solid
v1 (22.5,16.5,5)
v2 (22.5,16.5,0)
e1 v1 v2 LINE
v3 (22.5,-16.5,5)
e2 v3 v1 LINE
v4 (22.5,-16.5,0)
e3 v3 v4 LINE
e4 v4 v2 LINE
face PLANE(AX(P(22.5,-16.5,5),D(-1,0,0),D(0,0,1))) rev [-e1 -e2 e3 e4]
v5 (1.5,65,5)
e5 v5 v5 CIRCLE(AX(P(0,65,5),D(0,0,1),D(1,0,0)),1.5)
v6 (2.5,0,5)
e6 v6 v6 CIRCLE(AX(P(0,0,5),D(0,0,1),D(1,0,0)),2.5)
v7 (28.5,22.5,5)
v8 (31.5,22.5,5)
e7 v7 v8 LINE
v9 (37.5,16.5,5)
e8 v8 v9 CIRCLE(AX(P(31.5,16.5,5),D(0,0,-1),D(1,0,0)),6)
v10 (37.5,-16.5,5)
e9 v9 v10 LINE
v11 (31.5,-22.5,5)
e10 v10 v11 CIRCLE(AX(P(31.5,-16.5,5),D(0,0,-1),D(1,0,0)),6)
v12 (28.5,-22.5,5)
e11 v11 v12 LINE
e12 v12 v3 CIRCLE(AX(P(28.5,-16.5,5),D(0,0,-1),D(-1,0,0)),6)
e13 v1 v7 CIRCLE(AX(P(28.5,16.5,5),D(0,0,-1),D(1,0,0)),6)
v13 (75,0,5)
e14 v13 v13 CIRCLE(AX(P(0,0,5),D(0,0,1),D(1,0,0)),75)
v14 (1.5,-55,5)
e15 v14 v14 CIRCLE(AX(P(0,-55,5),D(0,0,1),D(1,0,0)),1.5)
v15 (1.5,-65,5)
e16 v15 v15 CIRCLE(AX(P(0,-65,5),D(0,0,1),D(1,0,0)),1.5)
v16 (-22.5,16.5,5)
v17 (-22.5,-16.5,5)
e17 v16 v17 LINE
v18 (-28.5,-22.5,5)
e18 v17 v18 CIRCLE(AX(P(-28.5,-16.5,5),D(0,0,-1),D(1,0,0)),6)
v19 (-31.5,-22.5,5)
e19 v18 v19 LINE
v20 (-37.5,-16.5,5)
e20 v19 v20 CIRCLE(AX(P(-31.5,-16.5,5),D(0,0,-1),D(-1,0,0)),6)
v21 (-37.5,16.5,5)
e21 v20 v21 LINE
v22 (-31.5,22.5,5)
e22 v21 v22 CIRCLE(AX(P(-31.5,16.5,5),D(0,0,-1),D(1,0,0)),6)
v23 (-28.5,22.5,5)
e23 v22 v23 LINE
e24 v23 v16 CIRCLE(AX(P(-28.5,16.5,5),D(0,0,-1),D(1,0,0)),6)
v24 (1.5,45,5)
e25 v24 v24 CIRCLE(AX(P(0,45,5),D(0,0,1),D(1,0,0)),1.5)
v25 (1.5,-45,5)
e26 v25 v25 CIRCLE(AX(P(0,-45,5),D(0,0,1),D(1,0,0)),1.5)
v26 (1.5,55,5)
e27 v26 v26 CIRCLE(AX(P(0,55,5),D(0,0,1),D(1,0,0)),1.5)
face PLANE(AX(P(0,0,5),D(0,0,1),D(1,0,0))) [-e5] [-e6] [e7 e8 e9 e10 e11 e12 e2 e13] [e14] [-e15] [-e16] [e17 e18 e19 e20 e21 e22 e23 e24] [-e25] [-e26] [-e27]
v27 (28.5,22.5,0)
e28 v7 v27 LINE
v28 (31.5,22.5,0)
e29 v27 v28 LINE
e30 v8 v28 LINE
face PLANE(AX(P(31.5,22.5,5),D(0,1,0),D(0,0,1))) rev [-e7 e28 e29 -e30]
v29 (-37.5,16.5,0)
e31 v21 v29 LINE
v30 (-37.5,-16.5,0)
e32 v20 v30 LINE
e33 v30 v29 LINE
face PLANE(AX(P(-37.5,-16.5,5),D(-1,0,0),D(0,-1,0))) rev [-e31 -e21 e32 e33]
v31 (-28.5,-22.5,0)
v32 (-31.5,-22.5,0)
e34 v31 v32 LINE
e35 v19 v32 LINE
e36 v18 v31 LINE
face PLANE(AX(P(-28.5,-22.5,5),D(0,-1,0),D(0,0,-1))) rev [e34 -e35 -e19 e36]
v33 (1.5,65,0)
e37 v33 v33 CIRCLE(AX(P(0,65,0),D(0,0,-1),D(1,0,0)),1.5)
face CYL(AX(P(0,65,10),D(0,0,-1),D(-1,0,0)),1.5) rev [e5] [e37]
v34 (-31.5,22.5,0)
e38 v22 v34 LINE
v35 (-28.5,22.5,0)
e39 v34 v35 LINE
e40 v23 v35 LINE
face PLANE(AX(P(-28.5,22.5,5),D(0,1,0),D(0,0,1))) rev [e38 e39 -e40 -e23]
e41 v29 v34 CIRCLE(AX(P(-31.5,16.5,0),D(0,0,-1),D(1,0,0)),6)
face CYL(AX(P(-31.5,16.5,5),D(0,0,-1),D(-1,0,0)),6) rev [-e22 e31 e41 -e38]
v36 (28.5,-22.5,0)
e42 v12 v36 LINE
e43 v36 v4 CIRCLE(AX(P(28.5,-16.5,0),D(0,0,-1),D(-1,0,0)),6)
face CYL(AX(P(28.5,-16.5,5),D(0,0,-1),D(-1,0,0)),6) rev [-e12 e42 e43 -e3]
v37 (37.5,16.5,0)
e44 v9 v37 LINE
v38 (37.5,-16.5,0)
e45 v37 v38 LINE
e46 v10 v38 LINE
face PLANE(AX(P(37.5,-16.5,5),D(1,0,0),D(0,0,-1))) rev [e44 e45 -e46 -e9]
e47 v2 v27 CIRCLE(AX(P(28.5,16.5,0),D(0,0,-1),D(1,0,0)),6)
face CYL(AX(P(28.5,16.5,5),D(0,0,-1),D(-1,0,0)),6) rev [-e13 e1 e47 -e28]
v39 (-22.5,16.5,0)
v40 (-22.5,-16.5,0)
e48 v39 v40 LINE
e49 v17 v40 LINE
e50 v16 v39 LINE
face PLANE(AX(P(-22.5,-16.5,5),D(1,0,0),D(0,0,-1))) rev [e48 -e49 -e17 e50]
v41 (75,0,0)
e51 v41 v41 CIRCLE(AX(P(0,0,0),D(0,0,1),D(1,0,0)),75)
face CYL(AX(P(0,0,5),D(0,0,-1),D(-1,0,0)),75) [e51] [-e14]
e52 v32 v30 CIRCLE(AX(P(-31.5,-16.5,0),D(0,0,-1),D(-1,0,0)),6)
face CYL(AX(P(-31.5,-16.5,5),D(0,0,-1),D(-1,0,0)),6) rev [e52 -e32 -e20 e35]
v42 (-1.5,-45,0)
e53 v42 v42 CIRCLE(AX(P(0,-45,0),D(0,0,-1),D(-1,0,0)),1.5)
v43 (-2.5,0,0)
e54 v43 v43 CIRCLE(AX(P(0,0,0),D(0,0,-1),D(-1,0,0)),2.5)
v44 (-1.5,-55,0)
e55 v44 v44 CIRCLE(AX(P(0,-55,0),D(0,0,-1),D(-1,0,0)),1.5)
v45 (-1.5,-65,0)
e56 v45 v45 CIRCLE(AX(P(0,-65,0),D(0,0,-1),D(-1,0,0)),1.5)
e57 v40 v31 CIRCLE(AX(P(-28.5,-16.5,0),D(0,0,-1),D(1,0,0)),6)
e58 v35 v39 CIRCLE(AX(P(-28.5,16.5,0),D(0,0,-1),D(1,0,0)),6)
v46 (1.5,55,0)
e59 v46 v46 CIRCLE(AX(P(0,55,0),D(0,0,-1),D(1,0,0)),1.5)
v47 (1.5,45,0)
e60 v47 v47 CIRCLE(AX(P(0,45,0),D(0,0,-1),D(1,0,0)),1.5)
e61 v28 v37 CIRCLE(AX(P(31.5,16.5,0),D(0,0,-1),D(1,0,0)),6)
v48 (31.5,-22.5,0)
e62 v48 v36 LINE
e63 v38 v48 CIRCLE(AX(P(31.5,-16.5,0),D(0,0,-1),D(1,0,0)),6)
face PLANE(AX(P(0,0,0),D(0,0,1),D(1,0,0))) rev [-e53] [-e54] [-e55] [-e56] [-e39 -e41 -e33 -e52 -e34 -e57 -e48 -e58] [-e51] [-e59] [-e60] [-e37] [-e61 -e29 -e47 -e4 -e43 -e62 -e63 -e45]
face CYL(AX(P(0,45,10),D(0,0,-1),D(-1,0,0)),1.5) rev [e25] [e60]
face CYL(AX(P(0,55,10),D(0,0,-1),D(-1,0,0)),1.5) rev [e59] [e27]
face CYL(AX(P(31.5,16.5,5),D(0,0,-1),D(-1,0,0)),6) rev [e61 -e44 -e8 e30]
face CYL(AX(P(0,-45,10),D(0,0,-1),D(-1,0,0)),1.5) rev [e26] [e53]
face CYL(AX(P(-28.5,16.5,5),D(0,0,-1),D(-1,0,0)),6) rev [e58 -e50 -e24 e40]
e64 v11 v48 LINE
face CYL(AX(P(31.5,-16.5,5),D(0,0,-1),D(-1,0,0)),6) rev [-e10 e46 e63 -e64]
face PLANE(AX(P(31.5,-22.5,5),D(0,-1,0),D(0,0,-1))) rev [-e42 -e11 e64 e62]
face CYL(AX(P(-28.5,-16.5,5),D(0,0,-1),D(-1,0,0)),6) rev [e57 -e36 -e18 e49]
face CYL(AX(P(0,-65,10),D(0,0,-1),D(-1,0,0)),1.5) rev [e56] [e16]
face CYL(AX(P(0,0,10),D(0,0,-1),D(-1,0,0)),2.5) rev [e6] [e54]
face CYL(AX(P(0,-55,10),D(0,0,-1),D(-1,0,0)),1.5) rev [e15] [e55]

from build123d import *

# Parameters (mm, degrees)
ESBO_O1_R                = 75
RESSALTO_EXTRUS_O1_DEPTH = 5
ESBO_O2_R                = 2.5
CORTE_EXTRUS_O1_DEPTH    = 10
ESBO_O3_R                = 1.5
CORTE_EXTRUS_O2_DEPTH    = 10
CORTE_EXTRUS_O3_DEPTH    = 6


with BuildPart() as part:
    # Esboço1 → Ressalto-extrusão1 (new body)
    with BuildSketch(Plane.XY):
        Circle(ESBO_O1_R)
    extrude(amount=RESSALTO_EXTRUS_O1_DEPTH)

    # Esboço2 → Corte-extrusão1 (cut)
    with BuildSketch(Plane(origin=(0, 0, 0), x_dir=(-1, 0, 0), z_dir=(0, 0, -1))):
        Circle(ESBO_O2_R)
    extrude(amount=-CORTE_EXTRUS_O1_DEPTH, mode=Mode.SUBTRACT)

    # Esboço3 → Corte-extrusão2 (cut)
    with BuildSketch(Plane(origin=(0, 0, 0), x_dir=(-1, 0, 0), z_dir=(0, 0, -1))):
        with Locations((0, -45)):
            Circle(ESBO_O3_R)
        with Locations((0, -55)):
            Circle(ESBO_O3_R)
        with Locations((0, -65)):
            Circle(ESBO_O3_R)
        with Locations((0, 65)):
            Circle(ESBO_O3_R)
        with Locations((0, 55)):
            Circle(ESBO_O3_R)
        with Locations((0, 45)):
            Circle(ESBO_O3_R)
    extrude(amount=-CORTE_EXTRUS_O2_DEPTH, mode=Mode.SUBTRACT)

    # Esboço4 → Corte-extrusão3 (cut, through all)
    with BuildSketch(Plane(origin=(0, 0, 0), x_dir=(-1, 0, 0), z_dir=(0, 0, -1))):
        with BuildLine():
            Line((-31.5, -22.5), (-28.5, -22.5))
            ThreePointArc((-28.5, -22.5), (-24.257359313, -20.742640687), (-22.5, -16.5))
            Line((-22.5, -16.5), (-22.5, 16.5))
            ThreePointArc((-22.5, 16.5), (-24.257359313, 20.742640687), (-28.5, 22.5))
            Line((-28.5, 22.5), (-31.5, 22.5))
            ThreePointArc((-31.5, 22.5), (-35.742640687, 20.742640687), (-37.5, 16.5))
            Line((-37.5, 16.5), (-37.5, -16.5))
            ThreePointArc((-37.5, -16.5), (-35.742640687, -20.742640687), (-31.5, -22.5))
        make_face()
        with BuildLine():
            Line((28.5, -22.5), (31.5, -22.5))
            ThreePointArc((31.5, -22.5), (35.742640687, -20.742640687), (37.5, -16.5))
            Line((37.5, -16.5), (37.5, 16.5))
            ThreePointArc((37.5, 16.5), (35.742640687, 20.742640687), (31.5, 22.5))
            Line((31.5, 22.5), (28.5, 22.5))
            ThreePointArc((28.5, 22.5), (24.257359313, 20.742640687), (22.5, 16.5))
            Line((22.5, 16.5), (22.5, -16.5))
            ThreePointArc((22.5, -16.5), (24.257359313, -20.742640687), (28.5, -22.5))
        make_face()
    extrude(amount=-CORTE_EXTRUS_O3_DEPTH, mode=Mode.SUBTRACT)


solid = part.part
